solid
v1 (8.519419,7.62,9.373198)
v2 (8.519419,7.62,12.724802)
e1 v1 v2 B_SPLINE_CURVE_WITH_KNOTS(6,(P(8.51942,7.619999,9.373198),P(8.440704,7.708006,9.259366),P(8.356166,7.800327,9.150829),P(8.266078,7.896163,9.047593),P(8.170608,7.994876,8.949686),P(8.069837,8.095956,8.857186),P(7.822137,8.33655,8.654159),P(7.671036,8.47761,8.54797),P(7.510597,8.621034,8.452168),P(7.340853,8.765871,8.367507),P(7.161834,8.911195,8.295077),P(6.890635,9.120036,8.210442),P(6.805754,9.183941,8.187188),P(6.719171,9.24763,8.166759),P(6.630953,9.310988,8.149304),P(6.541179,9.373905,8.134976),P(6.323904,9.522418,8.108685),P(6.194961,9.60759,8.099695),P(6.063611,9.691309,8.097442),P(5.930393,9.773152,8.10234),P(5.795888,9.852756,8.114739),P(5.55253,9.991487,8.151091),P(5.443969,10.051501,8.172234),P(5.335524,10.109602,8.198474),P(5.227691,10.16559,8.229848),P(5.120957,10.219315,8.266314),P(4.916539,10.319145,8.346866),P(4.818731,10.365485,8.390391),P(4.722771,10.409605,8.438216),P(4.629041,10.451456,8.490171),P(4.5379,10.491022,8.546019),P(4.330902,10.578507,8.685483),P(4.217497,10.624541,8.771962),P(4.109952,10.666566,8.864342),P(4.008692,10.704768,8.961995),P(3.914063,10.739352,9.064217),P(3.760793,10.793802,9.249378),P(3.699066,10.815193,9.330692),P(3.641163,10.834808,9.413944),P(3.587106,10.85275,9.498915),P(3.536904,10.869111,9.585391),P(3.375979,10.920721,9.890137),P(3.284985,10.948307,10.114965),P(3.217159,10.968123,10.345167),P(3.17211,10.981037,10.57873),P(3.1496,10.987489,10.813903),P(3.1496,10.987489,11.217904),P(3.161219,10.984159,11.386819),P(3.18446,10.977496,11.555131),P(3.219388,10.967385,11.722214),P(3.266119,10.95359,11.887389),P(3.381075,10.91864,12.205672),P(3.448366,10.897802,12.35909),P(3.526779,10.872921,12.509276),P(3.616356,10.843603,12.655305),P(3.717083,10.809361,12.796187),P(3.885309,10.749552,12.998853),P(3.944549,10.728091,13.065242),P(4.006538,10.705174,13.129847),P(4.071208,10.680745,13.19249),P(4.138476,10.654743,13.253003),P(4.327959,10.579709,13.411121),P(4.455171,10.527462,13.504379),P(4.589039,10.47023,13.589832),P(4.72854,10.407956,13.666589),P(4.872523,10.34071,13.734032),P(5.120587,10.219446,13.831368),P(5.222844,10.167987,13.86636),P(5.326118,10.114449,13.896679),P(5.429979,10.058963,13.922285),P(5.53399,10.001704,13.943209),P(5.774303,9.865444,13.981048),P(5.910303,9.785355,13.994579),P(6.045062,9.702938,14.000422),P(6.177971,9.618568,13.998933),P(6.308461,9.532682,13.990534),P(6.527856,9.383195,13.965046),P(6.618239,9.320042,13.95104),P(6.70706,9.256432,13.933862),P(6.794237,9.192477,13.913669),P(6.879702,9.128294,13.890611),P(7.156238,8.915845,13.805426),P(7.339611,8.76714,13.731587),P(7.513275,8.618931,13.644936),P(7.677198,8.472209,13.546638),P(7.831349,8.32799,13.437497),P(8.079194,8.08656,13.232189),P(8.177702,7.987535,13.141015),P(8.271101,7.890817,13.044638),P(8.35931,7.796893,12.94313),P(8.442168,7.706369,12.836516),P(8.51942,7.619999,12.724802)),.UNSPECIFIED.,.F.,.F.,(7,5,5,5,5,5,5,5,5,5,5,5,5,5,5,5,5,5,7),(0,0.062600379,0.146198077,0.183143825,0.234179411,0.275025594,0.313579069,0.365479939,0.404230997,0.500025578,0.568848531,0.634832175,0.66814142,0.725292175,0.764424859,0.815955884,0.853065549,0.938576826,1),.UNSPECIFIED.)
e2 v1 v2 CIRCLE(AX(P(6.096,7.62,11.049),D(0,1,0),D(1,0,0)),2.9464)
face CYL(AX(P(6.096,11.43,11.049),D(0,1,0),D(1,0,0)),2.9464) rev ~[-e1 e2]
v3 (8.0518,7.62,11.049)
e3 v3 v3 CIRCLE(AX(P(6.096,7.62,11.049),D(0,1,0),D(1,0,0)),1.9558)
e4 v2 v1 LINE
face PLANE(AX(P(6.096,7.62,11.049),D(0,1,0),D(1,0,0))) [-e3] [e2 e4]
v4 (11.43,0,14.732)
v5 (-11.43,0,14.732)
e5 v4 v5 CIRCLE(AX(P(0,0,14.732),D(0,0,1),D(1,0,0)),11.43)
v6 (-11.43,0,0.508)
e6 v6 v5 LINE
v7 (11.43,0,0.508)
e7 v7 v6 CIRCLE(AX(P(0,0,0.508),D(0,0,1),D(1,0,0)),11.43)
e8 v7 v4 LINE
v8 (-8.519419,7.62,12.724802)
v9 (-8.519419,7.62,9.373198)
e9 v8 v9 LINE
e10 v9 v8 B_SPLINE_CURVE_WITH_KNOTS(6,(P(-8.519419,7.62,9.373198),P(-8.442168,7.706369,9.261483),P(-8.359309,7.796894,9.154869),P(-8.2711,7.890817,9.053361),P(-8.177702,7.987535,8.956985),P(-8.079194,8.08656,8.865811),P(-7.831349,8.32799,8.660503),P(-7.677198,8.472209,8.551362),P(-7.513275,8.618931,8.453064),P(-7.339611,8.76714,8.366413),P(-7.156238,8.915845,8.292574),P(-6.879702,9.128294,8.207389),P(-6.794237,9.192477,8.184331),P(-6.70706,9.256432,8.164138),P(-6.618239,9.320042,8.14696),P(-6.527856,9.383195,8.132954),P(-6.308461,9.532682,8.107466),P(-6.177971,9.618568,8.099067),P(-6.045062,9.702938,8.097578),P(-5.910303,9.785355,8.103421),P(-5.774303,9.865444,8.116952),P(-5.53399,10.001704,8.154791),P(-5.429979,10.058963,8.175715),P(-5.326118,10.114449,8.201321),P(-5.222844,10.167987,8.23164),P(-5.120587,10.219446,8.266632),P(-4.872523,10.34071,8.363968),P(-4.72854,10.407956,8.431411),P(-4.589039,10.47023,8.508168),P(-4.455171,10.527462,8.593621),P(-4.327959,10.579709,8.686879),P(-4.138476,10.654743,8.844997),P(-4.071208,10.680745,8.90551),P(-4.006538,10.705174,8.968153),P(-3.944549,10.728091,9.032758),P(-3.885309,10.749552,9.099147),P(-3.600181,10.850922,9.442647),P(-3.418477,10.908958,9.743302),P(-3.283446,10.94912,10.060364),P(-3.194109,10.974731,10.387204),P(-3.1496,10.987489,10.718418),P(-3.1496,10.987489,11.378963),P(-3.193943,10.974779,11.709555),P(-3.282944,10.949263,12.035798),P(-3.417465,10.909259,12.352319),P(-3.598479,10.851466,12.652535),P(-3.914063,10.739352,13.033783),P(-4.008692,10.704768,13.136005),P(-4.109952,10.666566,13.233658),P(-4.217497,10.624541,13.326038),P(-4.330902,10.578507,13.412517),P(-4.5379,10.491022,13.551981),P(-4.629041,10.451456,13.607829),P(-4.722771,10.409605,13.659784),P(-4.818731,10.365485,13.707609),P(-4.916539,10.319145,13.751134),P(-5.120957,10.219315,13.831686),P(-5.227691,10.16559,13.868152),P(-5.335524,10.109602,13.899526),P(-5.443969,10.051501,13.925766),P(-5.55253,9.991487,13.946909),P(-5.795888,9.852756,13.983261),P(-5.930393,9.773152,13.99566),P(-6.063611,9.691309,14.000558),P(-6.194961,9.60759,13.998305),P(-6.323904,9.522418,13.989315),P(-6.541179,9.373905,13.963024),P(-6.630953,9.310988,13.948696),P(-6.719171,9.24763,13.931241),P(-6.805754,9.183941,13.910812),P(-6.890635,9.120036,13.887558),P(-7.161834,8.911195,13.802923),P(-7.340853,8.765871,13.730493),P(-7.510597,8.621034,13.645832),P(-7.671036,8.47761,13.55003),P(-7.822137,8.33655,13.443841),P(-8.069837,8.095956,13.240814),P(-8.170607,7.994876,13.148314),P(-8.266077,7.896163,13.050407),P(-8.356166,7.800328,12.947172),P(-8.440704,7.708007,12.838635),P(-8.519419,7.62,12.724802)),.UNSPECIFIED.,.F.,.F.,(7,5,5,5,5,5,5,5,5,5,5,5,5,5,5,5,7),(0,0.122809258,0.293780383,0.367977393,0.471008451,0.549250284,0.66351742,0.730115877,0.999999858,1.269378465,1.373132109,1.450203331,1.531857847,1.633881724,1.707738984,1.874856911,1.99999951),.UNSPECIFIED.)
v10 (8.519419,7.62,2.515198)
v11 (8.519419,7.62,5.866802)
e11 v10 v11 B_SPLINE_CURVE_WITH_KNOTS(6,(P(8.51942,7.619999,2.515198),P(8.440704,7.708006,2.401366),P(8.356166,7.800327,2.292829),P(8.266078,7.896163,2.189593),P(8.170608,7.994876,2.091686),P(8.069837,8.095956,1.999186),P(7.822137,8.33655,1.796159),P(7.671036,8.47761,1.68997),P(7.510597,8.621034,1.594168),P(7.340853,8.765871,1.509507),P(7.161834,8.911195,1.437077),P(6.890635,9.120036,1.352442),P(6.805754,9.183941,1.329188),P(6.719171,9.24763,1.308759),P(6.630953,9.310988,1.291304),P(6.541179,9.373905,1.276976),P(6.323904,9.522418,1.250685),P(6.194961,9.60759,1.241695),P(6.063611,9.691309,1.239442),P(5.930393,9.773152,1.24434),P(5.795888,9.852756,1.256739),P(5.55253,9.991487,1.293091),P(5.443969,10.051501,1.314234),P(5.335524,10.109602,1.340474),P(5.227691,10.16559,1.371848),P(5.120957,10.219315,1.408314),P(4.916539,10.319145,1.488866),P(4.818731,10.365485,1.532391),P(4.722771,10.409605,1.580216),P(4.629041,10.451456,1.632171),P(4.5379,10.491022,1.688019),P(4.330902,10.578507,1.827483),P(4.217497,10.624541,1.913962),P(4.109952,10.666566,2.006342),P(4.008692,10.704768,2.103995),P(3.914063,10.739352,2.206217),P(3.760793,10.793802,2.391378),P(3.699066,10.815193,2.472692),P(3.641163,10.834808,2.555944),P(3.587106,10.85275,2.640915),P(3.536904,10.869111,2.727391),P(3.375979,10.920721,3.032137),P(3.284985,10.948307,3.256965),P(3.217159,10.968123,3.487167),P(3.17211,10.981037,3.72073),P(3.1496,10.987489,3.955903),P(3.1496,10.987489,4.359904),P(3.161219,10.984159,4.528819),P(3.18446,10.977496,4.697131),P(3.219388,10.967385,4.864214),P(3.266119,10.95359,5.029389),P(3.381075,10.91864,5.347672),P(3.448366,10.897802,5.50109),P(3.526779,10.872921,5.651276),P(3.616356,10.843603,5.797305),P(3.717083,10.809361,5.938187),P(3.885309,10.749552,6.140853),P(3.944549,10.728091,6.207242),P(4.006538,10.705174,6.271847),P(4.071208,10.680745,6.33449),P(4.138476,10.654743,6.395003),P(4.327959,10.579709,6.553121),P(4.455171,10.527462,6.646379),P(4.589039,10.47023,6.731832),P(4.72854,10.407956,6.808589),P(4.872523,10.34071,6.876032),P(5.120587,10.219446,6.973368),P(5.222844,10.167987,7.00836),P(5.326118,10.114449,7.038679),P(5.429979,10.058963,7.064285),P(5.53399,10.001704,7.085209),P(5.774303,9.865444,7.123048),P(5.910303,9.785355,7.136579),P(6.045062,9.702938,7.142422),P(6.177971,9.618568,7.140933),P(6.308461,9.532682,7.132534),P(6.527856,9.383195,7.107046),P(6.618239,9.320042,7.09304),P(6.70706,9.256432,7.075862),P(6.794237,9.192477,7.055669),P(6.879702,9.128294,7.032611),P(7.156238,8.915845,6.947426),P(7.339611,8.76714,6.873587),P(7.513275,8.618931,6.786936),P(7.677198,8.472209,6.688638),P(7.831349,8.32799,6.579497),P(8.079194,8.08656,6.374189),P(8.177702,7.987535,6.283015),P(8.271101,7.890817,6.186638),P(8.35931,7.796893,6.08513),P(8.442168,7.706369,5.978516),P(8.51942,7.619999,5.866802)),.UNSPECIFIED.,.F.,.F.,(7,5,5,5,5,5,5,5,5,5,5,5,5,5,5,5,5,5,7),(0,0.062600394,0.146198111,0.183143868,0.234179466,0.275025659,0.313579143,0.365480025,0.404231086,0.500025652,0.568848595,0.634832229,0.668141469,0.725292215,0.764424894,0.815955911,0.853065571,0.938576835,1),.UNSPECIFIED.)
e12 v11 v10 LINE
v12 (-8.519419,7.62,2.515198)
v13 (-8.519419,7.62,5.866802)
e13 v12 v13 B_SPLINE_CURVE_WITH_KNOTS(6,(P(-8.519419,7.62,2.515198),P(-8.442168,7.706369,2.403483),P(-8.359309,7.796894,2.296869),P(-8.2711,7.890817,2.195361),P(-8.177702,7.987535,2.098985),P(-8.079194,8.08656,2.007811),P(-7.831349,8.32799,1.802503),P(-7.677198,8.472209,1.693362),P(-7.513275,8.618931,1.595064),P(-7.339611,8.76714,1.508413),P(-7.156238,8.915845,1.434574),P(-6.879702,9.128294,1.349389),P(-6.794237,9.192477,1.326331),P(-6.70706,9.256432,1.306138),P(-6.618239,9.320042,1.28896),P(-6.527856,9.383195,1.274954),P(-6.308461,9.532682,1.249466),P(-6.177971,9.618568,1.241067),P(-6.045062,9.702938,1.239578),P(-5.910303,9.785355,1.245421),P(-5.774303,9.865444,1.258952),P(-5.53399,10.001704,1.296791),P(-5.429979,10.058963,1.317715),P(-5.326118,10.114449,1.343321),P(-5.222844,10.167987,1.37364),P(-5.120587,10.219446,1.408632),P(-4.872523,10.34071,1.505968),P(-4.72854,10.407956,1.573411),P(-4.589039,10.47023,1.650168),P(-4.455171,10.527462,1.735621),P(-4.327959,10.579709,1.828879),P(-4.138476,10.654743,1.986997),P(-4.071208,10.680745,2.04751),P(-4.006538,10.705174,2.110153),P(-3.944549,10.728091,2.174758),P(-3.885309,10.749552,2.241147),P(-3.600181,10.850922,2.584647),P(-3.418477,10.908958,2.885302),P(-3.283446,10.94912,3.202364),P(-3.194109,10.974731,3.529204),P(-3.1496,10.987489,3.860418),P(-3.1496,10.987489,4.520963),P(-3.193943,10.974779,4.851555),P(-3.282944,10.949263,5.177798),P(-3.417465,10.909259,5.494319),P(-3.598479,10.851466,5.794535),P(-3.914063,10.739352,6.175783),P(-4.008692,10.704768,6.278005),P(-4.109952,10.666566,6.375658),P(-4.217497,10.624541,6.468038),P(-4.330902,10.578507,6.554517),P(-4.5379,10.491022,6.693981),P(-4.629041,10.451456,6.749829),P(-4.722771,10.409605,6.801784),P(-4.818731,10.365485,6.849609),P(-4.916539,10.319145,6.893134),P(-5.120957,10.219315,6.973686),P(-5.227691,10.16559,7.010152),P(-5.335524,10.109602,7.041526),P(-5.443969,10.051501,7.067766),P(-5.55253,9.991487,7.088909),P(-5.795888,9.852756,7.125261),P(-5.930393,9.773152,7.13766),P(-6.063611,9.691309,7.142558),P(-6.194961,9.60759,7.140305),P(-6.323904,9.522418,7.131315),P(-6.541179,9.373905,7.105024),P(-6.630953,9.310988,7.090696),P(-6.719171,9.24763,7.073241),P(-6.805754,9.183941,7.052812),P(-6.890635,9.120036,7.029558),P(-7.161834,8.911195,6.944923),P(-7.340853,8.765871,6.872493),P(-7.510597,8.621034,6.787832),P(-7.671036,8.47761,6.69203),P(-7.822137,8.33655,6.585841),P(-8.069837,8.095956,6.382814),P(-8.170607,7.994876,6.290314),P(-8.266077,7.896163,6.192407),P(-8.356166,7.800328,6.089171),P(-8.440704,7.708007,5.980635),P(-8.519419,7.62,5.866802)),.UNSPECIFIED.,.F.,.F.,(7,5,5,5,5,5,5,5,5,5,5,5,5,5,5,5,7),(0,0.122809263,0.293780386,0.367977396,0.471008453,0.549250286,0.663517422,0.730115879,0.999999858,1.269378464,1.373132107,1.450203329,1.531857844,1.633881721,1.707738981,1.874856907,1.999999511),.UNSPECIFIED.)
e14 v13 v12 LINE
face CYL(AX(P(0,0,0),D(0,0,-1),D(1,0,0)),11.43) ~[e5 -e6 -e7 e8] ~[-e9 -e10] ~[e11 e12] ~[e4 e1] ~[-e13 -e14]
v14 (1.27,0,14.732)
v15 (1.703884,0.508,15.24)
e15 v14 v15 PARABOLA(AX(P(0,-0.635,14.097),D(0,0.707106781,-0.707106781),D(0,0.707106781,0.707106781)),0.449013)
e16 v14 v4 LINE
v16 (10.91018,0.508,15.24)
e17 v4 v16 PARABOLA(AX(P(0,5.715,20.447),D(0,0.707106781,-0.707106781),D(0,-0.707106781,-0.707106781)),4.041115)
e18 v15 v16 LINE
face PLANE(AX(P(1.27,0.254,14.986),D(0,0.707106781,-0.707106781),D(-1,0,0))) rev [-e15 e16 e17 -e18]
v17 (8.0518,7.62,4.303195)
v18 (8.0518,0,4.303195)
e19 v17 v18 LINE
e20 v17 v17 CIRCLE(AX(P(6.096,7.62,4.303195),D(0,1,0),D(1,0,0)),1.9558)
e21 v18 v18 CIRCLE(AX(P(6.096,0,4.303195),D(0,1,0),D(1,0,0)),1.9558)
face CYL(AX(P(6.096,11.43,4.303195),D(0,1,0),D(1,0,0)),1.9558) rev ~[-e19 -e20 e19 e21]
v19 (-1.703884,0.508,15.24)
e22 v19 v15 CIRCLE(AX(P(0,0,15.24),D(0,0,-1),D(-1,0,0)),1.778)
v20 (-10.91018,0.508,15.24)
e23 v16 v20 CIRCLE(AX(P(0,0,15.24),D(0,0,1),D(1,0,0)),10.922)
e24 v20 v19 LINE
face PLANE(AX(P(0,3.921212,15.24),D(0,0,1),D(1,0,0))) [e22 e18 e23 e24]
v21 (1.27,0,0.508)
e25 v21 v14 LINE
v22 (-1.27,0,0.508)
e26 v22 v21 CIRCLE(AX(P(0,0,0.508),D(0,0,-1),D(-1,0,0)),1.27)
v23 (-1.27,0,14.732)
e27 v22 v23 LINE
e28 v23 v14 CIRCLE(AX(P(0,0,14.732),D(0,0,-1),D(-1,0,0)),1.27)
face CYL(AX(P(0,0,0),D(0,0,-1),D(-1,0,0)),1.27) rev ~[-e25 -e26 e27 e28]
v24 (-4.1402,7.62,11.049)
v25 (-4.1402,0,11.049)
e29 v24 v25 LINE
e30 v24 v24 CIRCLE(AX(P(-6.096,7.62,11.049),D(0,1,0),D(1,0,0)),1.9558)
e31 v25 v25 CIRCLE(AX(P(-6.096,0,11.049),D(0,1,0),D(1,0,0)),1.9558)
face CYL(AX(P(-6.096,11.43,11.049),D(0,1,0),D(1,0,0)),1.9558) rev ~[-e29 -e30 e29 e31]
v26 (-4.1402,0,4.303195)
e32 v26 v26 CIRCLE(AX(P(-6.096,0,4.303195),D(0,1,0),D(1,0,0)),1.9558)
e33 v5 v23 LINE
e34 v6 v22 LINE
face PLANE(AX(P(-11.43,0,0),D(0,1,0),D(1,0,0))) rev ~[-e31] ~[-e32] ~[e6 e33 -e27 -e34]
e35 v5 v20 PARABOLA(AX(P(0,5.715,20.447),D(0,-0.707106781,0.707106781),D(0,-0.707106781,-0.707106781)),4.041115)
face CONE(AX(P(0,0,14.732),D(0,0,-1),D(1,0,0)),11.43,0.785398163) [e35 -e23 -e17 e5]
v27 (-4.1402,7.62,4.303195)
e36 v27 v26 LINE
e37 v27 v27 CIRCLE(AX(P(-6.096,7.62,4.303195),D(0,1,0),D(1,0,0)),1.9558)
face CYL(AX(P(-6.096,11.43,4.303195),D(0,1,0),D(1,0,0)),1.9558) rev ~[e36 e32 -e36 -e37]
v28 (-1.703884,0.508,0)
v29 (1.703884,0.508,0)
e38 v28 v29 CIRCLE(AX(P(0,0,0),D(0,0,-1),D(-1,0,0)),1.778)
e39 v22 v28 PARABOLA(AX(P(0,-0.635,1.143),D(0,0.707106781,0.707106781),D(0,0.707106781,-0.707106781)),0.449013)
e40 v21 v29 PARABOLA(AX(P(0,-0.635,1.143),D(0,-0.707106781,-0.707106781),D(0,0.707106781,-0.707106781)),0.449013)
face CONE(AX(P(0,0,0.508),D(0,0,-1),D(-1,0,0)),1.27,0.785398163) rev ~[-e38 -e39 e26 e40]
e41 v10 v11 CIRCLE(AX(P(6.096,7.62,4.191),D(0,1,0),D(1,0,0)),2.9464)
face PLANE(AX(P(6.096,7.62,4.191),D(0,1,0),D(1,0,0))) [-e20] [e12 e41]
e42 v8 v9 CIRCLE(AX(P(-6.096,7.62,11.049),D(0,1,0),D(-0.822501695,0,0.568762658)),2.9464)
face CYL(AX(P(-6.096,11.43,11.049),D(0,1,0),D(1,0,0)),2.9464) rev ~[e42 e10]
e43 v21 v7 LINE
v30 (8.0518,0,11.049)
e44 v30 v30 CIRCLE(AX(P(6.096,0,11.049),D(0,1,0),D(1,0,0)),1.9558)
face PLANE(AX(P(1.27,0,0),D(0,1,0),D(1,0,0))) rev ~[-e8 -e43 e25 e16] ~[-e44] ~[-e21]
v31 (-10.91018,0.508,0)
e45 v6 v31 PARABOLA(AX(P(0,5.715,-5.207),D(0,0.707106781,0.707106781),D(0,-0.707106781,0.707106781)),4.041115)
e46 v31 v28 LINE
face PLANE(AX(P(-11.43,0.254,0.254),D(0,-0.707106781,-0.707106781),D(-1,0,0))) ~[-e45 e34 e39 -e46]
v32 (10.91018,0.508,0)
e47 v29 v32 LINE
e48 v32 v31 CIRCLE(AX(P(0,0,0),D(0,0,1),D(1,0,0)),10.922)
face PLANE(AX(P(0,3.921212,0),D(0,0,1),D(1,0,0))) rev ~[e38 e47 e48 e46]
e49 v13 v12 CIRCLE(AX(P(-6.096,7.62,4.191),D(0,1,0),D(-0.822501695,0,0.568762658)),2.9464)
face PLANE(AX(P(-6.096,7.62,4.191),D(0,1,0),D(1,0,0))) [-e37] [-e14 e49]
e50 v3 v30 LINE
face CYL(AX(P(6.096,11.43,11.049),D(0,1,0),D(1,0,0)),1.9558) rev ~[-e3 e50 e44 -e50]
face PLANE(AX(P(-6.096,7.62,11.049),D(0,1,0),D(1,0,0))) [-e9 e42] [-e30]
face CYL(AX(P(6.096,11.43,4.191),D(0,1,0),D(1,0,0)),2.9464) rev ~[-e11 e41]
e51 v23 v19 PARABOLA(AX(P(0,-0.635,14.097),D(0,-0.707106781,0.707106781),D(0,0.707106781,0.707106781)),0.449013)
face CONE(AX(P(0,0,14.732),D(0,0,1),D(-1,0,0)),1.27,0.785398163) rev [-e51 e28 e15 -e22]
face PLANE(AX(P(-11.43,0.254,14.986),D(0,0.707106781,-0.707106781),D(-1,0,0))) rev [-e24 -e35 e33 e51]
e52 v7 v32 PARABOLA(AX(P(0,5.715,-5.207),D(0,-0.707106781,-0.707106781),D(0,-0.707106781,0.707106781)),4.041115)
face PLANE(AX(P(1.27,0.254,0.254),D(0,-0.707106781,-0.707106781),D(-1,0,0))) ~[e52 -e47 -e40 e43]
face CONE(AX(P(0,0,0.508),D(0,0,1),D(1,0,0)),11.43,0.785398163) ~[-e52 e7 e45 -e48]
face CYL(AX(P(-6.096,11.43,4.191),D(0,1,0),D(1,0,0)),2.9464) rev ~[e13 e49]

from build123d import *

# Parameters (mm, degrees)
BOSS_EXTRUDE2_DEPTH = 15.24
CHAMFER1_SIZE       = 0.508
SKETCH4_R           = 2.9464
SKETCH4_R_2         = 1.9558
CUT_EXTRUDE1_DEPTH  = 3.81
SKETCH6_R           = 1.9558
CUT_EXTRUDE2_DEPTH  = 12.4300001


with BuildPart() as part:
    # Sketch2 → Boss-Extrude2 (new body)
    with BuildSketch(Plane.XY):
        with BuildLine():
            Line((-11.43, 0), (-1.27, 0))
            ThreePointArc((-1.27, 0), (0, 1.27), (1.27, 0))
            Line((1.27, 0), (11.43, 0))
            ThreePointArc((11.43, 0), (0, 11.43), (-11.43, 0))
        make_face()
    extrude(amount=BOSS_EXTRUDE2_DEPTH)

    # Chamfer1
    chamfer1_edges = [part.edges().sort_by_distance(p)[0] for p in [
        (0, 11.43, 15.24),
        (-6.35, 0, 15.24),
        (0, 1.27, 15.24),
        (-6.35, 0, 0),
        (0, 11.43, 0),
        (6.35, 0, 0),
        (0, 1.27, 0),
        (6.35, 0, 15.24),
    ]]
    chamfer(chamfer1_edges, length=CHAMFER1_SIZE)

    # Sketch4 → Cut-Extrude1 (cut)
    with BuildSketch(Plane(origin=(0, 11.43, 0), x_dir=(1, 0, 0), z_dir=(0, 1, 0))):
        with Locations((-6.096, -4.191)):
            Circle(SKETCH4_R)
        with Locations((-6.096, -4.303195449)):
            Circle(SKETCH4_R_2, mode=Mode.SUBTRACT)
        with Locations((-6.096, -11.049)):
            Circle(SKETCH4_R)
        with Locations((-6.096, -11.049)):
            Circle(SKETCH4_R_2, mode=Mode.SUBTRACT)
        with Locations((6.096, -4.191)):
            Circle(SKETCH4_R)
        with Locations((6.096, -4.303195449)):
            Circle(SKETCH4_R_2, mode=Mode.SUBTRACT)
        with Locations((6.096, -11.049)):
            Circle(SKETCH4_R)
        with Locations((6.096, -11.049)):
            Circle(SKETCH4_R_2, mode=Mode.SUBTRACT)
    extrude(amount=-CUT_EXTRUDE1_DEPTH, mode=Mode.SUBTRACT)

    # Sketch6 → Cut-Extrude2 (cut, through all)
    with BuildSketch(Plane(origin=(0, 11.43, 0), x_dir=(1, 0, 0), z_dir=(0, 1, 0))):
        with Locations((-6.096, -4.303195449)):
            Circle(SKETCH6_R)
        with Locations((-6.096, -11.049)):
            Circle(SKETCH6_R)
        with Locations((6.096, -11.049)):
            Circle(SKETCH6_R)
        with Locations((6.096, -4.303195449)):
            Circle(SKETCH6_R)
    extrude(amount=-CUT_EXTRUDE2_DEPTH, mode=Mode.SUBTRACT)


solid = part.part
